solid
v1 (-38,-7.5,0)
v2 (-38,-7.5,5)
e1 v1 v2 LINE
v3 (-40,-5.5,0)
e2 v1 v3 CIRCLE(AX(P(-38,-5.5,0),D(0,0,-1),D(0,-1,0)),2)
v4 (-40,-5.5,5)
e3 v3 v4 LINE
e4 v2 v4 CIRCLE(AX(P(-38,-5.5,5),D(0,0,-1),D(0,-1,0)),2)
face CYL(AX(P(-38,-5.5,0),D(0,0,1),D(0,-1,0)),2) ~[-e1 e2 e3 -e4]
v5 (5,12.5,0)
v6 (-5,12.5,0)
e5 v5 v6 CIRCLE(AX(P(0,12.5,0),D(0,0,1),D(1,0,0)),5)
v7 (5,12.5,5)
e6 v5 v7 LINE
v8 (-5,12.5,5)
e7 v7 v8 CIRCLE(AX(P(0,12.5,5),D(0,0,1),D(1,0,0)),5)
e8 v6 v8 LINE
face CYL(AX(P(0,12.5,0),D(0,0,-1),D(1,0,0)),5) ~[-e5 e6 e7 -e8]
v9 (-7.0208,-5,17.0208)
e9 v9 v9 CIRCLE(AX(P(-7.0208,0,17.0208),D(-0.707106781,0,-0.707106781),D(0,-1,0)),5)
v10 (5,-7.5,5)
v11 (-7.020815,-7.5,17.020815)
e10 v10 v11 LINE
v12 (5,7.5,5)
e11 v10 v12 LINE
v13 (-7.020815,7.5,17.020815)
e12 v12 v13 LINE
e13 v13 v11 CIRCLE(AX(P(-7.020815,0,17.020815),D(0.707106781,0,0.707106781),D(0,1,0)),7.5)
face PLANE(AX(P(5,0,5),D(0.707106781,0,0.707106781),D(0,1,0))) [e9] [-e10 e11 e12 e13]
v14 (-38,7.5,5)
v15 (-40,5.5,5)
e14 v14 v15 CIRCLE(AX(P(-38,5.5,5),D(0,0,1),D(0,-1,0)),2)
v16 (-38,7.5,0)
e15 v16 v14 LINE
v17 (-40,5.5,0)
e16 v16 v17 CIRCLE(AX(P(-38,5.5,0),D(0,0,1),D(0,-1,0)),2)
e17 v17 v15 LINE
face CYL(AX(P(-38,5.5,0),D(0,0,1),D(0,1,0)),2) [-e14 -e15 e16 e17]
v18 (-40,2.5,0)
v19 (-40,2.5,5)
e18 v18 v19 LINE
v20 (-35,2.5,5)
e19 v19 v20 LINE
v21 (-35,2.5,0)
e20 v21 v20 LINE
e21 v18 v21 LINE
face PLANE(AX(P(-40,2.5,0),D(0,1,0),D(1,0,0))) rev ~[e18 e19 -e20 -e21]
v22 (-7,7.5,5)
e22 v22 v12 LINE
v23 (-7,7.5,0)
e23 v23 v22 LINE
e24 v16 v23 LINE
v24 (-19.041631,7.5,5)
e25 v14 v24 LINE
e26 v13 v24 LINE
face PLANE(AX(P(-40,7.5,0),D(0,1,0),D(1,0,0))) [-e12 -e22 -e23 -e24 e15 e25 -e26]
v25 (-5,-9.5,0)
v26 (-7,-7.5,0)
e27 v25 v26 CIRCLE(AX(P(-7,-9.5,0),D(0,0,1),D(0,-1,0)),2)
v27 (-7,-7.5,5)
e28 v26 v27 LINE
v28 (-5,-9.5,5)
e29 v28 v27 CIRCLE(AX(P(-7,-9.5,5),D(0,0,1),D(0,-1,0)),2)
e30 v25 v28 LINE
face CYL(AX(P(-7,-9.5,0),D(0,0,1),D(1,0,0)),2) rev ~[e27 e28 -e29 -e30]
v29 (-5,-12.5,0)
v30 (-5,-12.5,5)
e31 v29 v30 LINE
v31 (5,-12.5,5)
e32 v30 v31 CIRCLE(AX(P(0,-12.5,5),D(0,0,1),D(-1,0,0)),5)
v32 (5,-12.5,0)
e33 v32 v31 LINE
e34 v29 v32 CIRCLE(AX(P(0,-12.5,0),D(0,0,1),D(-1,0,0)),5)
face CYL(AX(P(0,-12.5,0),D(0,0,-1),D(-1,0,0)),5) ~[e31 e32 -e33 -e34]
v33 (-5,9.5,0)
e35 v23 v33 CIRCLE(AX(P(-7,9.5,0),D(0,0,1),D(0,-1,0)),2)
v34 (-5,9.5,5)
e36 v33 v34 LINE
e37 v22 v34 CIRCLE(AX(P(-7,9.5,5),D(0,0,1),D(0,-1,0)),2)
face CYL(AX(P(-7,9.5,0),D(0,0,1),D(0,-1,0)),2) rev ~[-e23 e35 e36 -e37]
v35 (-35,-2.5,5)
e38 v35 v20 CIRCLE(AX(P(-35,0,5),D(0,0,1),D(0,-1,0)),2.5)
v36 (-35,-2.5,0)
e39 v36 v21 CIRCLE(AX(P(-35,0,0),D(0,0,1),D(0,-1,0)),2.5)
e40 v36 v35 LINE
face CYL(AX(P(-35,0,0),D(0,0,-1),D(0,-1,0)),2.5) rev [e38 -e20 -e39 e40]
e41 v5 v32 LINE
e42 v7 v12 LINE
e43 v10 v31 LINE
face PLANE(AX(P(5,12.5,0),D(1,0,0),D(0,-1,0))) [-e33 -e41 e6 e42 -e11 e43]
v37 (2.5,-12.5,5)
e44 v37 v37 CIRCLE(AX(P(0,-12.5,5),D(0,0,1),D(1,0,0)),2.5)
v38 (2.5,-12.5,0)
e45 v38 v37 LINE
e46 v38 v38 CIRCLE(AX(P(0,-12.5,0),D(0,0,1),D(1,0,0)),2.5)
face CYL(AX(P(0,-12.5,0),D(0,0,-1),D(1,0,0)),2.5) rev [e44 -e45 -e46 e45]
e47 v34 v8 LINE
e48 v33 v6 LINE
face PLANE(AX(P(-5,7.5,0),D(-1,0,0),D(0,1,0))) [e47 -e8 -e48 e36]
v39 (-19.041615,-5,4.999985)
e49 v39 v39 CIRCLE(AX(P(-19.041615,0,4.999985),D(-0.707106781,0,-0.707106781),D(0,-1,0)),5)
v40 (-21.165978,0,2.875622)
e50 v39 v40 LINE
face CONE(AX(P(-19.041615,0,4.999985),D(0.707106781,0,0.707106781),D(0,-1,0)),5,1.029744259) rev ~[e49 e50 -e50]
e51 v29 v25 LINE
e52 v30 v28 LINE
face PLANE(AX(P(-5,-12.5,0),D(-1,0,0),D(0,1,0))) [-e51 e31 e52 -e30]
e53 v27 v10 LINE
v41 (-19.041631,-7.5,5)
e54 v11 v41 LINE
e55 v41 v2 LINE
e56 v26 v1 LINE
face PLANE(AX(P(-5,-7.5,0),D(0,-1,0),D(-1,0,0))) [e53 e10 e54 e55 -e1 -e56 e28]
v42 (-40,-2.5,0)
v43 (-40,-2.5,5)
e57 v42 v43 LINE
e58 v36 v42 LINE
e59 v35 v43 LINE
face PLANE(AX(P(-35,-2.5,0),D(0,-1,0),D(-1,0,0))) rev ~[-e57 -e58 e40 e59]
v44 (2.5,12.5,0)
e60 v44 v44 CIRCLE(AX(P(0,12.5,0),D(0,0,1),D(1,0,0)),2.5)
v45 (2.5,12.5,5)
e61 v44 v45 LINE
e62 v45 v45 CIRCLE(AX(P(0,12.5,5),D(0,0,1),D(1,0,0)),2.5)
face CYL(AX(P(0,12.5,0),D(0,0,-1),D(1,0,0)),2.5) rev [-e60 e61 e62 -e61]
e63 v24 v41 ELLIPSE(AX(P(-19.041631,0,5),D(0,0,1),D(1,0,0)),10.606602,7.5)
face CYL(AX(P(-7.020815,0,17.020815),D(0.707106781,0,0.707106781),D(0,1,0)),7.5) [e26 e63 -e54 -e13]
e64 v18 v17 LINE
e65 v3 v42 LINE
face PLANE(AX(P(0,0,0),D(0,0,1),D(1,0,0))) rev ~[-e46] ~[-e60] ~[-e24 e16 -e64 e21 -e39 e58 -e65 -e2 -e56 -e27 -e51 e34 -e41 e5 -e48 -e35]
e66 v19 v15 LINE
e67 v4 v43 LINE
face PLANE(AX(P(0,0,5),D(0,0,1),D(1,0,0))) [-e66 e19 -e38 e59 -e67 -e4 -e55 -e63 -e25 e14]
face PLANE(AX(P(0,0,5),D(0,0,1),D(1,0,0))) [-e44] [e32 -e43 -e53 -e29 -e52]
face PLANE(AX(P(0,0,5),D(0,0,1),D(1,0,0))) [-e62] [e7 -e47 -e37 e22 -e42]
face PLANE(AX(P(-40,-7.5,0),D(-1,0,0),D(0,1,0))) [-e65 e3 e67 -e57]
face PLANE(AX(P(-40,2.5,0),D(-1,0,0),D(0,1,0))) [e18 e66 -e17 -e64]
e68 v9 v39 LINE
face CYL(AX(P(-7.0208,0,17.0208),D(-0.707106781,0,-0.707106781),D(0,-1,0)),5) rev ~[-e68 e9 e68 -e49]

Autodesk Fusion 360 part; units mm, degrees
sketch "Sketch7" plane through (0, 0, 0) normal (0, 0, 1) x (1, 0, 0)
  line L0 (-40, 7.5) -> (-5, 7.5)
  line L1 (-5, 7.5) -> (-5, 12.5)
  arc A0 (5, 12.5) -> (-5, 12.5) centre (0, 12.5) ccw
  line L2 (5, 12.5) -> (5, -12.5)
  arc A1 (-5, -12.5) -> (5, -12.5) centre (0, -12.5) ccw
  line L3 (-5, -12.5) -> (-5, -7.5)
  line L4 (-5, -7.5) -> (-40, -7.5)
  line L5 (-40, 2.5) -> (-35, 2.5)
  arc A2 (-35, -2.5) -> (-35, 2.5) centre (-35, 0) ccw
  line L6 (-35, -2.5) -> (-40, -2.5)
  line L7 (-40, -7.5) -> (-40, -2.5)
  line L8 (-40, 2.5) -> (-40, 7.5)
  circle A3 centre (0, 12.5) radius 2.5
  circle A4 centre (0, -12.5) radius 2.5
  dimension "d41" = 5
  dimension "d42" = 5
  dimension "d43" = 25
  dimension "d44" = 45
  dimension "d45" = 2.5
  dimension "d46" = 5
  dimension "d47" = 5
  dimension "d48" = 12.5
  dimension "d49" = 5
  dimension "d50" = 5
extrude "Extrude6" add sketch "Sketch7" along normal blind 5
fillet "Fillet3" radius 2 4 edges at (-40, -7.5, 2.5) (-40, 7.5, 2.5) (-5, 7.5, 2.5) (-5, -7.5, 2.5)
ref_plane "WorkPlane3" through (5, 0, 5) normal (0.7071, 0, 0.7071) x (0, 1, 0)
sketch "Sketch8" plane through (5, 0, 5) normal (0.7071, 0, 0.7071) x (0, 1, 0)
  line L0 (-7.5, 0) -> (7.5, 0)
  line L1 (7.5, 0) -> (7.5, 17)
  line L2 (-7.5, 0) -> (-7.5, 17)
  arc A0 (7.5, 17) -> (-7.5, 17) centre (0, 17) ccw
  dimension "d55" = 7.5
  dimension "d56" = 17
  dimension "d57" = 17
extrude "Extrude7" add sketch "Sketch8" along normal up to surface end surface through (0, 0, 5) normal (0, 0, 1) offset 0
sketch "Sketch9" plane through (5, 0, 5) normal (0.7071, 0, 0.7071) x (0, 1, 0)
  line L0 (-7.5, 0) -> (7.5, 0)
  line L1 (7.5, 0) -> (7.5, 17)
  arc A0 (7.5, 17) -> (-7.5, 17) centre (0, 17) ccw
  line L2 (-7.5, 17) -> (-7.5, 0)
  circle A1 centre (0, 17) radius 3.75
  dimension "d60" = 7.5
hole "Hole1" at (-7.0208, 0, 17.0208) direction (-0.7071, 0, -0.7071) diameter 10 depth 17 tip angle 118
